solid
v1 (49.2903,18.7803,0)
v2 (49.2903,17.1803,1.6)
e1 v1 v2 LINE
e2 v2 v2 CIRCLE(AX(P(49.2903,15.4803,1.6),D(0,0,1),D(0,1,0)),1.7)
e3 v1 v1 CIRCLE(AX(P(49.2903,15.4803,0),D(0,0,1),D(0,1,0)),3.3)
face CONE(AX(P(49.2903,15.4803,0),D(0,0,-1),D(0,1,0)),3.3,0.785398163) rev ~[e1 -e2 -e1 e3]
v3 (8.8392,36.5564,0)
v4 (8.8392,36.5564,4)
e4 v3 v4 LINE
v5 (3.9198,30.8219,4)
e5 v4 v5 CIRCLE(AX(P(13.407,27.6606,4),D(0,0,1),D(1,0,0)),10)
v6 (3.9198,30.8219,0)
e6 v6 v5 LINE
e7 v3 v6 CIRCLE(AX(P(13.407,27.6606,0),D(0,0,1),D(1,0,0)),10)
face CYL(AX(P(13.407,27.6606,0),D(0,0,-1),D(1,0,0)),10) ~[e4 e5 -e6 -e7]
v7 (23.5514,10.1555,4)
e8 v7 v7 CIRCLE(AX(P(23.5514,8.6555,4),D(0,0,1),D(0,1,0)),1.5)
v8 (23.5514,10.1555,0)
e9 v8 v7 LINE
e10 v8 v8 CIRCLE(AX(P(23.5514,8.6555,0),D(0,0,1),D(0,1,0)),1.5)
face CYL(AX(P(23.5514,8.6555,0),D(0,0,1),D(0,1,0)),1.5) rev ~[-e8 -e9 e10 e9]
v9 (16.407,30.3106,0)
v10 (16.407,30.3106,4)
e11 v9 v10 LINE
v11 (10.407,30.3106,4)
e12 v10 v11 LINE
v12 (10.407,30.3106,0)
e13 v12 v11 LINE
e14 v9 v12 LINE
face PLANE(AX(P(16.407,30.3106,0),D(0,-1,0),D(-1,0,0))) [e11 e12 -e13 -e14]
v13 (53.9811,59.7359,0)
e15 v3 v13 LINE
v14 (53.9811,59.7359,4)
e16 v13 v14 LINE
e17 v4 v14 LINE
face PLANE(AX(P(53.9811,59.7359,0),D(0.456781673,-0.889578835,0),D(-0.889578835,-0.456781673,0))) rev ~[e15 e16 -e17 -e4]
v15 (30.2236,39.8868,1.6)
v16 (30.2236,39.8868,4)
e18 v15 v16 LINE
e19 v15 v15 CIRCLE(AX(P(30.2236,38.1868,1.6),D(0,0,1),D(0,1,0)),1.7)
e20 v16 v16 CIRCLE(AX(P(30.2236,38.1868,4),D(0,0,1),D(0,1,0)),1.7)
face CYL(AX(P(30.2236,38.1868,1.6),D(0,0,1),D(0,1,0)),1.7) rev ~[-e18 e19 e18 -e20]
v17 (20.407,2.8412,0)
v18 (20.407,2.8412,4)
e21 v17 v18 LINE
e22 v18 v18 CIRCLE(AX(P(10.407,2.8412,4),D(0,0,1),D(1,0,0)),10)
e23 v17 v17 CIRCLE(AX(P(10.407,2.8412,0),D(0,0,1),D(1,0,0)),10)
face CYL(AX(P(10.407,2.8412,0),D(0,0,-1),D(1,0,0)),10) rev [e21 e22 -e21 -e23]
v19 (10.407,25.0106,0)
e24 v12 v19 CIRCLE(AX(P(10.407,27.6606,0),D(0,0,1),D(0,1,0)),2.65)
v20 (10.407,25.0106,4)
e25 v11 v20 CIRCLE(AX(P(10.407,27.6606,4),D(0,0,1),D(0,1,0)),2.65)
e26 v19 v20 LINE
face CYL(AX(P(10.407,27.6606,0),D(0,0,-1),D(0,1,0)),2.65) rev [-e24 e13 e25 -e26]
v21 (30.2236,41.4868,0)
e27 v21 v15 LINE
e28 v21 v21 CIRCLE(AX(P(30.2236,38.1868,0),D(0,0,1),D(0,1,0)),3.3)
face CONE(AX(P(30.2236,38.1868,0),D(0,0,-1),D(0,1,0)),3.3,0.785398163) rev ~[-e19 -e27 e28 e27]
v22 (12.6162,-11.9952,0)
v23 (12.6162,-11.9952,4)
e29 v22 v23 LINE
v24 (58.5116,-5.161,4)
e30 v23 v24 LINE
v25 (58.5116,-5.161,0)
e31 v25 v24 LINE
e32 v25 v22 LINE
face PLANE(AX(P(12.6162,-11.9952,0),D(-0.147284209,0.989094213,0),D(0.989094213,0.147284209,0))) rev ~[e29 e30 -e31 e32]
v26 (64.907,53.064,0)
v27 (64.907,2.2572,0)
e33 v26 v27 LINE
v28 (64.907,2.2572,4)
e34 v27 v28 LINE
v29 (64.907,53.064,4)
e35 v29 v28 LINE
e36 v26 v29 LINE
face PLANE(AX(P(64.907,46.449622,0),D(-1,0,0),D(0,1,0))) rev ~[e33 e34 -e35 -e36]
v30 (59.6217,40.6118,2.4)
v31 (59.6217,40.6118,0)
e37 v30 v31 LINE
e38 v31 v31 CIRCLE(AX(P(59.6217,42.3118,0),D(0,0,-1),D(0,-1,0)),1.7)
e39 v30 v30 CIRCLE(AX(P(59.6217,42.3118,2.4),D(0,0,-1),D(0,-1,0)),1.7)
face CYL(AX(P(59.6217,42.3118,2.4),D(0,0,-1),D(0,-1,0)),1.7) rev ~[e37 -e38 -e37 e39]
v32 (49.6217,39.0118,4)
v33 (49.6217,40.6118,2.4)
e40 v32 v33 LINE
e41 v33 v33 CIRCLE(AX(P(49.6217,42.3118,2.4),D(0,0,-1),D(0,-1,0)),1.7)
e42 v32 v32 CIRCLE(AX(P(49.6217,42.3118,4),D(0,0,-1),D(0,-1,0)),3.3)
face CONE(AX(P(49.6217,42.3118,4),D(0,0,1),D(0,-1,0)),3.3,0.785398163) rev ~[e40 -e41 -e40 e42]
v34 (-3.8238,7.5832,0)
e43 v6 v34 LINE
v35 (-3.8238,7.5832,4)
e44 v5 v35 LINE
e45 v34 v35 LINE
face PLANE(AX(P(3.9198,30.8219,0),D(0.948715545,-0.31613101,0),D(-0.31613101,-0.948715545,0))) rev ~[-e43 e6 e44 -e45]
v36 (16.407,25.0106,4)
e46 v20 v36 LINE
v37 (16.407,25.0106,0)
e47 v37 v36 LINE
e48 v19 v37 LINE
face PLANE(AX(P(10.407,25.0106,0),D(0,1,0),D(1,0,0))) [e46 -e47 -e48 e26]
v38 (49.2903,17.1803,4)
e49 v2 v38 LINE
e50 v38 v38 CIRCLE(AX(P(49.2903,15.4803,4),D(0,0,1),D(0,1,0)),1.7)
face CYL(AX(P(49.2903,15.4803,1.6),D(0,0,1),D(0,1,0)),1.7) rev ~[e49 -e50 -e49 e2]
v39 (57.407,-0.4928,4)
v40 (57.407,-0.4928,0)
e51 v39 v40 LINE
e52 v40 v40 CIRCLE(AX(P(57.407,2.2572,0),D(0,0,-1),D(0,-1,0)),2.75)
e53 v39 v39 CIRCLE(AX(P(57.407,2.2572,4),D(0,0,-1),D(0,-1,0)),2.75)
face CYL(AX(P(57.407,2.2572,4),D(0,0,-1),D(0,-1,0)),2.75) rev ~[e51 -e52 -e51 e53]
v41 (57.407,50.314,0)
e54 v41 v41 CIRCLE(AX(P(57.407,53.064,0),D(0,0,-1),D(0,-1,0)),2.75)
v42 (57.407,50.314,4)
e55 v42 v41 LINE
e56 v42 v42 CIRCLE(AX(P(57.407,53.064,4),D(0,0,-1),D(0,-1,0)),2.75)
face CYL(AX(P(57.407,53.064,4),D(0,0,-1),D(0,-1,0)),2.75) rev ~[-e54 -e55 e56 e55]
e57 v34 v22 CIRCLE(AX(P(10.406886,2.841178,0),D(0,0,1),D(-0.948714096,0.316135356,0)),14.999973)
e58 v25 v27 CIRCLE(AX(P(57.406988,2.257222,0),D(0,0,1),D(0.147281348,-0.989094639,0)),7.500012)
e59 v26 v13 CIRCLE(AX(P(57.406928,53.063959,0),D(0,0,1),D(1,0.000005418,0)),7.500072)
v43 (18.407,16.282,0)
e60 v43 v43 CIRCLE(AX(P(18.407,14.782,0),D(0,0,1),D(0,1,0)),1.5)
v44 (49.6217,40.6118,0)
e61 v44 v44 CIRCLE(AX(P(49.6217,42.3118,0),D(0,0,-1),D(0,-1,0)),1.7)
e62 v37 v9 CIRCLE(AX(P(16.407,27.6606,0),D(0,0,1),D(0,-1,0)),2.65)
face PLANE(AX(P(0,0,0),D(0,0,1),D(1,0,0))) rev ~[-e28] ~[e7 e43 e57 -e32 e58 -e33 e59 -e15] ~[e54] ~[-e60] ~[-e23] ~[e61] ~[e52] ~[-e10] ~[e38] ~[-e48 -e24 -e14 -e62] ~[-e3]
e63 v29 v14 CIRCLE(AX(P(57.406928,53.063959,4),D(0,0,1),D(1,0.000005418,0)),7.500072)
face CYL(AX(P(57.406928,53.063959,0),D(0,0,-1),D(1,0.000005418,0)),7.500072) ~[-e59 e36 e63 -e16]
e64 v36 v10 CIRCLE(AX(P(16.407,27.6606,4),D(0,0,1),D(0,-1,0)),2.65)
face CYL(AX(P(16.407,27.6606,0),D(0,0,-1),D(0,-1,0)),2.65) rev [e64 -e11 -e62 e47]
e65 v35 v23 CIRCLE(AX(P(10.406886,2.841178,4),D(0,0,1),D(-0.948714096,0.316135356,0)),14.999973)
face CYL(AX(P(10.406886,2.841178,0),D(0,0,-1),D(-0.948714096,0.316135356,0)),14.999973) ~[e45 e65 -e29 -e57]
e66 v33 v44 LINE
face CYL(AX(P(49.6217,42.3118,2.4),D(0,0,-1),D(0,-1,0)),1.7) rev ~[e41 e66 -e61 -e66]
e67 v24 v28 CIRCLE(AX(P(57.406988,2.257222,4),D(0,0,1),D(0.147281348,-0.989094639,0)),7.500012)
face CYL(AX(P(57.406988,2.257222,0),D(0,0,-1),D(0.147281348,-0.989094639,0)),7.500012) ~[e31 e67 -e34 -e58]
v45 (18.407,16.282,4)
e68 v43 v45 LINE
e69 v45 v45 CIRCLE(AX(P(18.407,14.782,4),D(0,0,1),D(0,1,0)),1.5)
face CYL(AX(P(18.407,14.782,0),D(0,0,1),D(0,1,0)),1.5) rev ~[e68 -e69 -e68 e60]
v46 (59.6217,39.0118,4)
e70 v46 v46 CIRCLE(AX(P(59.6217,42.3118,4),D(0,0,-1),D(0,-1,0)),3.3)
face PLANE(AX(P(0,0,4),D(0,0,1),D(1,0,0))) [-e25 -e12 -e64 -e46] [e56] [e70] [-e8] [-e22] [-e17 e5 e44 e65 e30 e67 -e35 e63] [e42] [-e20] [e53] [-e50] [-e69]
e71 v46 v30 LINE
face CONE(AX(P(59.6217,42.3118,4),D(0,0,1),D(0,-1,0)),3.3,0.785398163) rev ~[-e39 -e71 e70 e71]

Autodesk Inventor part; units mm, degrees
ref_plane "YZ Plane" through (0, 0, 0) normal (1, 0, 0) x (0, 1, 0)
ref_plane "XZ Plane" through (0, 0, 0) normal (0, 1, 0) x (-1, 0, 0)
ref_plane "XY Plane" through (0, 0, 0) normal (0, 0, 1) x (1, 0, 0)
sketch "Sketch1" plane through (0, 0, 0) normal (0, 0, 1) x (1, 0, 0)
  circle A0 centre (57.407, 53.064) radius 2.5 projected
  circle A1 centre (57.407, 53.064) radius 10 projected
  circle A2 centre (13.407, 27.6606) radius 2.5 projected
  circle A3 centre (13.407, 27.6606) radius 10 projected
  circle A4 centre (57.407, 2.2572) radius 2.5 projected
  circle A5 centre (57.407, 2.2572) radius 10 projected
  line L0 (25.407, -164.9104) -> (25.407, 85.0896) construction
  arc A6 (64.907, 53.064) -> (53.9811, 59.7359) centre (57.407, 53.064) ccw
  arc A7 (58.5116, -5.161) -> (64.907, 2.2572) centre (57.407, 2.2572) ccw
  line L1 (10.407, 27.6606) -> (16.407, 27.6606) construction
  line L2 (10.407, 25.0106) -> (16.407, 25.0106)
  line L3 (16.407, 30.3106) -> (10.407, 30.3106)
  arc A8 (10.407, 30.3106) -> (10.407, 25.0106) centre (10.407, 27.6606) ccw
  arc A9 (16.407, 25.0106) -> (16.407, 30.3106) centre (16.407, 27.6606) ccw
  circle A10 centre (10.407, 2.8412) radius 10
  arc A11 (-3.8238, 7.5832) -> (12.6162, -11.9952) centre (10.407, 2.8412) ccw
  line L4 (12.6162, -11.9952) -> (58.5116, -5.161)
  line L5 (53.9811, 59.7359) -> (8.8392, 36.5564)
  line L6 (64.907, 2.2572) -> (64.907, 53.064)
  line L7 (3.9198, 30.8219) -> (-3.8238, 7.5832)
  line L8 (-3.8238, 7.5832) -> (-11.5466, -15.5932) construction
  line L9 (12.6162, -11.9952) -> (-11.5466, -15.5932) construction
  line L10 (-11.5466, -15.5932) -> (31.917, 20.9033) construction
  point P0 (18.407, 14.782)
  point P1 (23.5514, 8.6555)
  dimension "d52" = 15
  dimension "d53" = 15
  dimension "d54" = 3
  dimension "d55" = 5.3
  dimension "d56" = 20
  dimension "d57" = 30
  dimension "d58" = 4
  dimension "d59" = 8
extrude "Extrusion1" add sketch "Sketch1" along normal blind 4 contours A0 | L5 A6 L6 A1 | A1 L6 A5 L4 A11 L7 A3 L5 | A3 | L6 A7 L4 A5 | A4 picked at (52.4239, 56.8921) picked at (55.6672, -3.7922)
sketch "Sketch2" plane through (0, 0, 4) normal (0, 0, 1) x (1, 0, 0)
  circle A0 centre (13.407, 27.6606) radius 2.5 projected
  circle A1 centre (57.407, 2.2572) radius 2.5 projected
  circle A2 centre (57.407, 53.064) radius 2.5 projected
  line L0 (10.407, 27.6606) -> (16.407, 27.6606) construction
  line L1 (10.407, 24.9106) -> (16.407, 24.9106)
  line L2 (16.407, 30.4106) -> (10.407, 30.4106)
  arc A3 (10.407, 30.4106) -> (10.407, 24.9106) centre (10.407, 27.6606) ccw
  arc A4 (16.407, 24.9106) -> (16.407, 30.4106) centre (16.407, 27.6606) ccw
  point P0 (0, 0)
  dimension "d25" = 3
  dimension "d26" = 5.5
hole "Hole2" at (57.407, 53.064, 4) at (57.407, 2.2572, 4) direction (0, 0, -1) diameter 5.5 end through all clearance for "Countersunk Head GOST 12876-67" size "M5" standard "GOST"
hole "Hole4" at (18.407, 14.782, 0) at (23.5514, 8.6555, 0) direction (0, 0, 1) diameter 3 end through all
sketch "Sketch6" plane through (0, 0, 0) normal (0, 0, -1) x (-1, 0, 0)
  circle A0 centre (-49.2903, 15.4803) radius 1.7 projected
  circle A1 centre (-30.2236, 38.1868) radius 1.7 projected
  point P0 (0, 0)
hole "Hole6" at (49.2903, 15.4803, 0) at (30.2236, 38.1868, 0) direction (0, 0, 1) diameter 3.4 end through all countersink diameter 6.6 countersink angle 90 clearance for "Countersunk Head GOST 12876-67" size "M3" standard "GOST"
sketch "Sketch7" plane through (0, 0, 4) normal (0, 0, 1) x (1, 0, 0)
  point P0 (0, 0)
  point P1 (49.6217, 42.3118)
  point P2 (59.6217, 42.3118)
hole "Hole7" at (59.6217, 42.3118, 4) at (49.6217, 42.3118, 4) direction (0, 0, -1) diameter 3.4 end through all countersink diameter 6.6 countersink angle 90 clearance for "Countersunk Head GOST 12876-67" size "M3" standard "GOST"
properties part number "plate_3"
